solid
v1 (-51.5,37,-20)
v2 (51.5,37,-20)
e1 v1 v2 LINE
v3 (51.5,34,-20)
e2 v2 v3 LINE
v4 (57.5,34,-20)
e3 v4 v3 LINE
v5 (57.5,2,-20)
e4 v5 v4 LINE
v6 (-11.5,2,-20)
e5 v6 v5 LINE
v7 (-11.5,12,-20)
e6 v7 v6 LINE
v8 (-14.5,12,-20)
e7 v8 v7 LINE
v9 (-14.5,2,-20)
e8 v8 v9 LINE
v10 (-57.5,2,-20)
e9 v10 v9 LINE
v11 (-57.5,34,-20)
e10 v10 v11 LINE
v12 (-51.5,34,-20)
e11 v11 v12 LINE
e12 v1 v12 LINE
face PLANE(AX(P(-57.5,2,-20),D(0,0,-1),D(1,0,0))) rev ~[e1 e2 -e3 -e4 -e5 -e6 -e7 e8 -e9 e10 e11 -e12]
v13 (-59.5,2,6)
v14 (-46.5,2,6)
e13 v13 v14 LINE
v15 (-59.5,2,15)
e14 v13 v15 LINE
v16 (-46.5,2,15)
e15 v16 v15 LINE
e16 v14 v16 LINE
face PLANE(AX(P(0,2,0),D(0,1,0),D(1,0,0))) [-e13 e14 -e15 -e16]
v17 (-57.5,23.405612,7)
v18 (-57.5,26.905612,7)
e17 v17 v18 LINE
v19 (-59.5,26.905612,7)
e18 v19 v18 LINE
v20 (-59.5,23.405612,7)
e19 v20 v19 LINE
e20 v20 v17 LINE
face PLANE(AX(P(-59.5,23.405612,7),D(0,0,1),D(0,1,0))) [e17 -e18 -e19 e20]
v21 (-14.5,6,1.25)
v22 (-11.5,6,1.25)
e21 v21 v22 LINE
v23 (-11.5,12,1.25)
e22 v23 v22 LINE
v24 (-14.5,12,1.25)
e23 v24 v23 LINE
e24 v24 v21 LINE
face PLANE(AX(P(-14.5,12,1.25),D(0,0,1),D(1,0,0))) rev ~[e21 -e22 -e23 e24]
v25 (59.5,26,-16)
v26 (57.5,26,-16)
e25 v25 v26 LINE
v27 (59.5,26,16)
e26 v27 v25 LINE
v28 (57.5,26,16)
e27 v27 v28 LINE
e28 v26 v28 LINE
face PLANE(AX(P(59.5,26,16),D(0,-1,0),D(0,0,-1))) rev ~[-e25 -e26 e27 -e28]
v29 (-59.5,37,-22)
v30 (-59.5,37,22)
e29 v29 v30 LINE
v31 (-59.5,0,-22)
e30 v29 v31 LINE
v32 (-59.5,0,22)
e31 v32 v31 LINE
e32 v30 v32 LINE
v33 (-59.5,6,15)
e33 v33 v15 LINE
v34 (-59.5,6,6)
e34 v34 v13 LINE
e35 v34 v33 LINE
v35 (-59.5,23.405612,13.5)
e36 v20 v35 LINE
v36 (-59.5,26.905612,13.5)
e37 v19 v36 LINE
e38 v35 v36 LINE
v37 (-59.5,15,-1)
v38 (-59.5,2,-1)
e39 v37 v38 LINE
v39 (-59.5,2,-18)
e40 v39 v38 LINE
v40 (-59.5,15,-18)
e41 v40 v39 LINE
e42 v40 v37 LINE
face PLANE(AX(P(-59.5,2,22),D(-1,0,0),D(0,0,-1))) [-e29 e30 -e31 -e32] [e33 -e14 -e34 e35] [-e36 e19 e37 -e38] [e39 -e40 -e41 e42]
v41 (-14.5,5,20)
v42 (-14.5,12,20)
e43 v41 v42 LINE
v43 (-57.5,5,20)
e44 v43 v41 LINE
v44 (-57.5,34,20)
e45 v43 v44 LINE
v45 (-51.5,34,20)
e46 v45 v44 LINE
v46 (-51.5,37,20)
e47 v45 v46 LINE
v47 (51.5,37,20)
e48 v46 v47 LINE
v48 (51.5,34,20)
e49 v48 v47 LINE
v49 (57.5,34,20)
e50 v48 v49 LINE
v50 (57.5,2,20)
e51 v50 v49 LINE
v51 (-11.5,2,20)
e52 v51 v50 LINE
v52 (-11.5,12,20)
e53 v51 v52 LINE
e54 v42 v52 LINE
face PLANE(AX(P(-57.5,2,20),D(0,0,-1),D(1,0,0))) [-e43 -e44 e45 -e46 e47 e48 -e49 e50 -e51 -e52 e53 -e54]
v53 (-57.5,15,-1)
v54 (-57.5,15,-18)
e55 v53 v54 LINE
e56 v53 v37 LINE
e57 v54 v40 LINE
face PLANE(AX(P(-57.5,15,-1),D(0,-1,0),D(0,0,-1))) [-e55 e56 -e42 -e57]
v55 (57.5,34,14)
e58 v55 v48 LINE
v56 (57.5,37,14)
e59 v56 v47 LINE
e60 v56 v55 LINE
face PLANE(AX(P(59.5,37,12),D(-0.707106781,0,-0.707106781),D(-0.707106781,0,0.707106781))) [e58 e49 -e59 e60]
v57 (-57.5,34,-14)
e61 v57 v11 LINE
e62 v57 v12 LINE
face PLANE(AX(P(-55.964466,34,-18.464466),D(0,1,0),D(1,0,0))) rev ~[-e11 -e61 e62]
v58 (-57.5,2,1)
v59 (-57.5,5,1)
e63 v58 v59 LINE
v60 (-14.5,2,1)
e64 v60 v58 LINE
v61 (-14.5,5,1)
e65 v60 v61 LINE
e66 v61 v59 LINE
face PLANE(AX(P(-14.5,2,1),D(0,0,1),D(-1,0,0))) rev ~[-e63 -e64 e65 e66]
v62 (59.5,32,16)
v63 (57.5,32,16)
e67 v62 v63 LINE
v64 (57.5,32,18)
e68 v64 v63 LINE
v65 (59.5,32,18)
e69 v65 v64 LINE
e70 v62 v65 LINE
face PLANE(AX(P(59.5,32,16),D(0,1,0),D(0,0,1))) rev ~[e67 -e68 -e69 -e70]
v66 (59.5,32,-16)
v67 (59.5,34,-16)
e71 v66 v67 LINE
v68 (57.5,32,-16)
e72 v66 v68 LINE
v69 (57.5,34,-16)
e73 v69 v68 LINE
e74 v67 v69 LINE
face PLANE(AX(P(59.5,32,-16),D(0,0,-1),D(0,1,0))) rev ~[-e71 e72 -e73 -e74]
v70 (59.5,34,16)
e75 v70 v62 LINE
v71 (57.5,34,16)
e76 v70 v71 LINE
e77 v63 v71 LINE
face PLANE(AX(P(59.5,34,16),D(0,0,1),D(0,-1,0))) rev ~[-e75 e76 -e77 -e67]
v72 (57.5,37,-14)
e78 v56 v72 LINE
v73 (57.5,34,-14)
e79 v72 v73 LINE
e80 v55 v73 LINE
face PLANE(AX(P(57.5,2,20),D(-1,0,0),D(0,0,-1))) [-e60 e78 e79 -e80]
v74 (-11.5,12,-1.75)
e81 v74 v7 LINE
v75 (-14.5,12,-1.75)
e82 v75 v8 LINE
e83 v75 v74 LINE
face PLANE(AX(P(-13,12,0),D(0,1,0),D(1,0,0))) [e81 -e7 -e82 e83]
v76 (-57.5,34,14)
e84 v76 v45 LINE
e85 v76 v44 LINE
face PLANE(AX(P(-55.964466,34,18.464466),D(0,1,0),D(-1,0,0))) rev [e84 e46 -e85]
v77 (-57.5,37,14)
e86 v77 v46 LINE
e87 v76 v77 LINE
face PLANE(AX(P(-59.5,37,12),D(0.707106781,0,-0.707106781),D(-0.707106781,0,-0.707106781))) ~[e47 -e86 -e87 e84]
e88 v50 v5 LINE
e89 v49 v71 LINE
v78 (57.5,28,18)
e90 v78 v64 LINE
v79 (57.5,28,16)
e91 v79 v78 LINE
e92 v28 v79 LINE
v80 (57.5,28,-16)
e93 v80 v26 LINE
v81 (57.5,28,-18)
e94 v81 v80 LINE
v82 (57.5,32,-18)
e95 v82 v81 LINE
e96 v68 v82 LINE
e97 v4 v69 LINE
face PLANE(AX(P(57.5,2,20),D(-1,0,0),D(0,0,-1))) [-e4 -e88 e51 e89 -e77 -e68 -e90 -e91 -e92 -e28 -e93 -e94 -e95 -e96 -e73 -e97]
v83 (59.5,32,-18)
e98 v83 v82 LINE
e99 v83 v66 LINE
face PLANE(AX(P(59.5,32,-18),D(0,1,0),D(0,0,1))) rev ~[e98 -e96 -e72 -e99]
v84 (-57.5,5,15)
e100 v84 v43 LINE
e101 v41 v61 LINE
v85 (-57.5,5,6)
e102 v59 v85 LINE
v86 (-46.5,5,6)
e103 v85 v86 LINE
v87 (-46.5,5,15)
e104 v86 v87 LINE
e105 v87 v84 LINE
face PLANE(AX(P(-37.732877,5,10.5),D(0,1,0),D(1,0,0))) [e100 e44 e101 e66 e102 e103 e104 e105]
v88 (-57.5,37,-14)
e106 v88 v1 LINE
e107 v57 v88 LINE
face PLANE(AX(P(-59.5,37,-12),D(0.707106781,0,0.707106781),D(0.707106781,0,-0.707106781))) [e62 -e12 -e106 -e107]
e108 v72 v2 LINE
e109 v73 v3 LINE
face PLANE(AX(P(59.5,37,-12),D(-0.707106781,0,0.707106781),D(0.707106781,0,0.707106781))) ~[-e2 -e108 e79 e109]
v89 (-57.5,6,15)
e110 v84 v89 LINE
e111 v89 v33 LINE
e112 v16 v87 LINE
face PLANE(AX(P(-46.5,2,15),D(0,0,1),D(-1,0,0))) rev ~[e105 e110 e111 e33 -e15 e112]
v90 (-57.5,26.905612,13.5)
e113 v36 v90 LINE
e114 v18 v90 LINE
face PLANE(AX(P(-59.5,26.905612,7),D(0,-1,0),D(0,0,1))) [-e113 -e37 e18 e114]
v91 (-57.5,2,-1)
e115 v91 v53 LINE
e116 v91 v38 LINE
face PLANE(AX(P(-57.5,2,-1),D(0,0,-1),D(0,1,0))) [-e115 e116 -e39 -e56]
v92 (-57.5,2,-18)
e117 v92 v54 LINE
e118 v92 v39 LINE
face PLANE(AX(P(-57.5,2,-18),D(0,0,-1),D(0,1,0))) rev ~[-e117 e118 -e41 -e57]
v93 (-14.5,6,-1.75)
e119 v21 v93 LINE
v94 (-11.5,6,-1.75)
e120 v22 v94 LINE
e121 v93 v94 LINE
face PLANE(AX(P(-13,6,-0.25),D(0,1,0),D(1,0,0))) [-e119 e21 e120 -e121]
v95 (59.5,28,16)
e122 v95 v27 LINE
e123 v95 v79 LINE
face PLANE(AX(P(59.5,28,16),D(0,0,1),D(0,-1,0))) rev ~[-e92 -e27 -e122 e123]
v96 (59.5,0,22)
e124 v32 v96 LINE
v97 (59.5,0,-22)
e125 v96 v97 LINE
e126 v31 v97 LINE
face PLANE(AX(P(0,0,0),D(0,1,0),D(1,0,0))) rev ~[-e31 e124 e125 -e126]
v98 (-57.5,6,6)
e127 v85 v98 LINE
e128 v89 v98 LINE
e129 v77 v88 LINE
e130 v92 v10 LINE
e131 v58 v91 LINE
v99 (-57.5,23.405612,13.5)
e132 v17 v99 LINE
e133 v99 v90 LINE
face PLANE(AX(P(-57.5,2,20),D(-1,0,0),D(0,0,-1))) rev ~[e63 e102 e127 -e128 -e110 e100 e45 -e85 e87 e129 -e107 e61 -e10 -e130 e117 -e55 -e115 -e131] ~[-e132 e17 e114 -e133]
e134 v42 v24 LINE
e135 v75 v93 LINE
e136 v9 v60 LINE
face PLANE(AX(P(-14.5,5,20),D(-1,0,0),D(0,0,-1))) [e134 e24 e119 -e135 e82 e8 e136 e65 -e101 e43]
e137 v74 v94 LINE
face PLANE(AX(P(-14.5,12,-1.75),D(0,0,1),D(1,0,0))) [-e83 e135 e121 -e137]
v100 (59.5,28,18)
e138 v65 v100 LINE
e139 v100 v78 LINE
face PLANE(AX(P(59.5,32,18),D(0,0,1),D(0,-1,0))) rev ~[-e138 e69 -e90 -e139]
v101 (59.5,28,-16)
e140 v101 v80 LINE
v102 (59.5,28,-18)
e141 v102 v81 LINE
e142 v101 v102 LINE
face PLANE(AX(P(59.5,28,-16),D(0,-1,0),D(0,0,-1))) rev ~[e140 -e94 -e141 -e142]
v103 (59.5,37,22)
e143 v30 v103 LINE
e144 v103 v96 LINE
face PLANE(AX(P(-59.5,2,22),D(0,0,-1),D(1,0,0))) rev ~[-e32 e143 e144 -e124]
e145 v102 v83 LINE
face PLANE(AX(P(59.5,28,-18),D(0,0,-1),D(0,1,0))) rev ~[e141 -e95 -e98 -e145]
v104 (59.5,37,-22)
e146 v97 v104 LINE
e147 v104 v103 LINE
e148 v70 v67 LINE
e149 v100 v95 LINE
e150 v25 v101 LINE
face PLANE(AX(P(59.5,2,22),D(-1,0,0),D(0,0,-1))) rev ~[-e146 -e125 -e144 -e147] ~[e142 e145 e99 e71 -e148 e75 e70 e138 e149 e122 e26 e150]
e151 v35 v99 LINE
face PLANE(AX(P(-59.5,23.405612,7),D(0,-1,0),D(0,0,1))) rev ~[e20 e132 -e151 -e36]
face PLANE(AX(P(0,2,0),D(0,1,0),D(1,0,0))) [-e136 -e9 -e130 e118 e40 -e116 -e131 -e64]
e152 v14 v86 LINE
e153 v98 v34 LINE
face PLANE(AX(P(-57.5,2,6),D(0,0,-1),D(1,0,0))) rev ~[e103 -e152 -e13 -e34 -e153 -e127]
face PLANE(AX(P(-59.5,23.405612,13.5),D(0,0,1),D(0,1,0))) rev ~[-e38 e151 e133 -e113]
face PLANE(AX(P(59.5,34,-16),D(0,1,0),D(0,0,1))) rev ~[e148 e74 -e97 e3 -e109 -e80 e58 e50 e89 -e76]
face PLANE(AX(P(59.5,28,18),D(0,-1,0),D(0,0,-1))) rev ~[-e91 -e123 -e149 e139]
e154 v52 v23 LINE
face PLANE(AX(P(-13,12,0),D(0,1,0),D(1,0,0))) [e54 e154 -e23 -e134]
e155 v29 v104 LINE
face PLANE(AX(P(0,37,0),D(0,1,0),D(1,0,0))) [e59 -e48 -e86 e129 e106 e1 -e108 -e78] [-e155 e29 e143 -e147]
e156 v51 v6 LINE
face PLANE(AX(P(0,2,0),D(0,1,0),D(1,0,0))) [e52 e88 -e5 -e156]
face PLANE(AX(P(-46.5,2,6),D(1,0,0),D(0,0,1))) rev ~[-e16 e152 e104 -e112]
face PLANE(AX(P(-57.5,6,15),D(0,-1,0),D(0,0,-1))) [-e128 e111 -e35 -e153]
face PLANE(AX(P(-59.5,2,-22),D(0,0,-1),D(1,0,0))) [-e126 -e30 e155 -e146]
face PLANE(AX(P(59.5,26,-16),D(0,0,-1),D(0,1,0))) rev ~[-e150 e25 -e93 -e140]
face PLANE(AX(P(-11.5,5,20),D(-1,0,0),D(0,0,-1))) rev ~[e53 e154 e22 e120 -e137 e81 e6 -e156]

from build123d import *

# Parameters (mm, degrees)
ESBO_O1_W                = 119
ESBO_O1_H                = 44
RESSALTO_EXTRUS_O2_DEPTH = 2
ESBO_O2_W                = 119
ESBO_O2_H                = 44
ESBO_O2_W_2              = 115
ESBO_O2_H_2              = 40
RESSALTO_EXTRUS_O3_DEPTH = 35
RESSALTO_EXTRUS_O5_DEPTH = 3
ESBO_O5_W                = 3
ESBO_O5_H                = 40
RESSALTO_EXTRUS_O6_DEPTH = 7
ESBO_O8_W                = 9
ESBO_O8_H                = 4
CORTE_EXTRUS_O1_DEPTH    = 7
ESBO_O9_W                = 17
ESBO_O9_H                = 13
CORTE_EXTRUS_O2_DEPTH    = 7
CORTE_EXTRUS_O5_DEPTH    = 7
RESSALTO_EXTRUS_O7_DEPTH = 3
ESPELHAR3_COPY_1_DEPTH   = 3
ESPELHAR3_COPY_2_DEPTH   = 3
ESBO_O12_W               = 3
ESBO_O12_H               = 3
CORTE_EXTRUS_O6_DEPTH    = 6
ESBO_O13_W               = 6.5
ESBO_O13_H               = 3.5
CORTE_EXTRUS_O7_DEPTH    = 10


with BuildPart() as part:
    # Esboço1 → Ressalto-extrusão2 (new body)
    with BuildSketch(Plane(origin=(0, 0, 0), x_dir=(1, 0, 0), z_dir=(0, 1, 0))):
        Rectangle(ESBO_O1_W, ESBO_O1_H)
    extrude(amount=RESSALTO_EXTRUS_O2_DEPTH)

    # Esboço2 → Ressalto-extrusão3 (add)
    with BuildSketch(Plane(origin=(0, 2, 0), x_dir=(1, 0, 0), z_dir=(0, 1, 0))):
        Rectangle(ESBO_O2_W, ESBO_O2_H)
        Rectangle(ESBO_O2_W_2, ESBO_O2_H_2, mode=Mode.SUBTRACT)
    extrude(amount=RESSALTO_EXTRUS_O3_DEPTH)

    # Esboço3 → Ressalto-extrusão5 (add)
    with BuildSketch(Plane(origin=(0, 2, 0), x_dir=(1, 0, 0), z_dir=(0, 1, 0))):
        Polygon((-57.5, -15), (-57.5, -20), (-14.5, -20), (-14.5, -1), (-57.5, -1), (-57.5, -6), (-46.5, -6), (-46.5, -15), align=None)
        Polygon((-14.5, -1), (-14.5, -20), (-11.5, -20), (-11.5, 20), (-14.5, 20), align=None)
    extrude(amount=RESSALTO_EXTRUS_O5_DEPTH)

    # Esboço5 → Ressalto-extrusão6 (add)
    with BuildSketch(Plane(origin=(0, 5, 0), x_dir=(1, 0, 0), z_dir=(0, 1, 0))):
        with Locations((-13, 0)):
            Rectangle(ESBO_O5_W, ESBO_O5_H)
    extrude(amount=RESSALTO_EXTRUS_O6_DEPTH)

    # Esboço8 → Corte-extrusão1 (cut)
    with BuildSketch(Plane(origin=(-57.5, 0, 0), x_dir=(0, 0, -1), z_dir=(1, 0, 0))):
        with Locations((-10.5, 4)):
            Rectangle(ESBO_O8_W, ESBO_O8_H)
    extrude(amount=-CORTE_EXTRUS_O1_DEPTH, mode=Mode.SUBTRACT)

    # Esboço9 → Corte-extrusão2 (cut)
    with BuildSketch(Plane(origin=(-57.5, 0, 0), x_dir=(0, 0, -1), z_dir=(1, 0, 0))):
        with Locations((9.5, 8.5)):
            Rectangle(ESBO_O9_W, ESBO_O9_H)
    extrude(amount=-CORTE_EXTRUS_O2_DEPTH, mode=Mode.SUBTRACT)

    # Esboço10 → Corte-extrusão5 (cut)
    with BuildSketch(Plane(origin=(59.5, 0, 0), x_dir=(0, 0, -1), z_dir=(1, 0, 0))):
        Polygon((-16, 26), (16, 26), (16, 28), (18, 28), (18, 32), (16, 32), (16, 34), (-16, 34), (-16, 32), (-18, 32), (-18, 28), (-16, 28), align=None)
    extrude(amount=-CORTE_EXTRUS_O5_DEPTH, mode=Mode.SUBTRACT)

    # Esboço11 → Ressalto-extrusão7 (add)
    with BuildSketch(Plane(origin=(0, 37, 0), x_dir=(1, 0, 0), z_dir=(0, 1, 0))):
        Polygon((-59.5, 22), (-59.5, 12), (-49.5, 22), align=None)
    ressalto_extrus_o7 = extrude(amount=-RESSALTO_EXTRUS_O7_DEPTH)

    # Espelhar1: Ressalto-extrusão7 across plane
    add(ressalto_extrus_o7.mirror(Plane.XY))

    # Espelhar2: Ressalto-extrusão7 across plane
    add(ressalto_extrus_o7.mirror(Plane(origin=(0, 0, 0), x_dir=(0, 0, 1), z_dir=(1, 0, 0))))

    # Espelhar3 copy 1 sketch → Espelhar3 copy 1 (add)
    with BuildSketch(Plane(origin=(0, 37, 0), x_dir=(-1, 0, 0), z_dir=(0, 1, 0))):
        Polygon((-59.5, 22), (-59.5, 12), (-49.5, 22), align=None)
    extrude(amount=-ESPELHAR3_COPY_1_DEPTH)

    # Espelhar3 copy 2 sketch → Espelhar3 copy 2 (add)
    with BuildSketch(Plane(origin=(0, 37, 0), x_dir=(-1, 0, 0), z_dir=(0, 1, 0))):
        Polygon((-59.5, -22), (-59.5, -12), (-49.5, -22), align=None)
    extrude(amount=-ESPELHAR3_COPY_2_DEPTH)

    # Esboço12 → Corte-extrusão6 (cut)
    with BuildSketch(Plane(origin=(0, 12, 0), x_dir=(1, 0, 0), z_dir=(0, 1, 0))):
        with Locations((-13, 0.25)):
            Rectangle(ESBO_O12_W, ESBO_O12_H)
    extrude(amount=-CORTE_EXTRUS_O6_DEPTH, mode=Mode.SUBTRACT)

    # Esboço13 → Corte-extrusão7 (cut)
    with BuildSketch(Plane.ZY.offset(59.5)):
        with Locations((10.25, 25.155612263)):
            Rectangle(ESBO_O13_W, ESBO_O13_H)
    extrude(amount=-CORTE_EXTRUS_O7_DEPTH, mode=Mode.SUBTRACT)


solid = part.part
